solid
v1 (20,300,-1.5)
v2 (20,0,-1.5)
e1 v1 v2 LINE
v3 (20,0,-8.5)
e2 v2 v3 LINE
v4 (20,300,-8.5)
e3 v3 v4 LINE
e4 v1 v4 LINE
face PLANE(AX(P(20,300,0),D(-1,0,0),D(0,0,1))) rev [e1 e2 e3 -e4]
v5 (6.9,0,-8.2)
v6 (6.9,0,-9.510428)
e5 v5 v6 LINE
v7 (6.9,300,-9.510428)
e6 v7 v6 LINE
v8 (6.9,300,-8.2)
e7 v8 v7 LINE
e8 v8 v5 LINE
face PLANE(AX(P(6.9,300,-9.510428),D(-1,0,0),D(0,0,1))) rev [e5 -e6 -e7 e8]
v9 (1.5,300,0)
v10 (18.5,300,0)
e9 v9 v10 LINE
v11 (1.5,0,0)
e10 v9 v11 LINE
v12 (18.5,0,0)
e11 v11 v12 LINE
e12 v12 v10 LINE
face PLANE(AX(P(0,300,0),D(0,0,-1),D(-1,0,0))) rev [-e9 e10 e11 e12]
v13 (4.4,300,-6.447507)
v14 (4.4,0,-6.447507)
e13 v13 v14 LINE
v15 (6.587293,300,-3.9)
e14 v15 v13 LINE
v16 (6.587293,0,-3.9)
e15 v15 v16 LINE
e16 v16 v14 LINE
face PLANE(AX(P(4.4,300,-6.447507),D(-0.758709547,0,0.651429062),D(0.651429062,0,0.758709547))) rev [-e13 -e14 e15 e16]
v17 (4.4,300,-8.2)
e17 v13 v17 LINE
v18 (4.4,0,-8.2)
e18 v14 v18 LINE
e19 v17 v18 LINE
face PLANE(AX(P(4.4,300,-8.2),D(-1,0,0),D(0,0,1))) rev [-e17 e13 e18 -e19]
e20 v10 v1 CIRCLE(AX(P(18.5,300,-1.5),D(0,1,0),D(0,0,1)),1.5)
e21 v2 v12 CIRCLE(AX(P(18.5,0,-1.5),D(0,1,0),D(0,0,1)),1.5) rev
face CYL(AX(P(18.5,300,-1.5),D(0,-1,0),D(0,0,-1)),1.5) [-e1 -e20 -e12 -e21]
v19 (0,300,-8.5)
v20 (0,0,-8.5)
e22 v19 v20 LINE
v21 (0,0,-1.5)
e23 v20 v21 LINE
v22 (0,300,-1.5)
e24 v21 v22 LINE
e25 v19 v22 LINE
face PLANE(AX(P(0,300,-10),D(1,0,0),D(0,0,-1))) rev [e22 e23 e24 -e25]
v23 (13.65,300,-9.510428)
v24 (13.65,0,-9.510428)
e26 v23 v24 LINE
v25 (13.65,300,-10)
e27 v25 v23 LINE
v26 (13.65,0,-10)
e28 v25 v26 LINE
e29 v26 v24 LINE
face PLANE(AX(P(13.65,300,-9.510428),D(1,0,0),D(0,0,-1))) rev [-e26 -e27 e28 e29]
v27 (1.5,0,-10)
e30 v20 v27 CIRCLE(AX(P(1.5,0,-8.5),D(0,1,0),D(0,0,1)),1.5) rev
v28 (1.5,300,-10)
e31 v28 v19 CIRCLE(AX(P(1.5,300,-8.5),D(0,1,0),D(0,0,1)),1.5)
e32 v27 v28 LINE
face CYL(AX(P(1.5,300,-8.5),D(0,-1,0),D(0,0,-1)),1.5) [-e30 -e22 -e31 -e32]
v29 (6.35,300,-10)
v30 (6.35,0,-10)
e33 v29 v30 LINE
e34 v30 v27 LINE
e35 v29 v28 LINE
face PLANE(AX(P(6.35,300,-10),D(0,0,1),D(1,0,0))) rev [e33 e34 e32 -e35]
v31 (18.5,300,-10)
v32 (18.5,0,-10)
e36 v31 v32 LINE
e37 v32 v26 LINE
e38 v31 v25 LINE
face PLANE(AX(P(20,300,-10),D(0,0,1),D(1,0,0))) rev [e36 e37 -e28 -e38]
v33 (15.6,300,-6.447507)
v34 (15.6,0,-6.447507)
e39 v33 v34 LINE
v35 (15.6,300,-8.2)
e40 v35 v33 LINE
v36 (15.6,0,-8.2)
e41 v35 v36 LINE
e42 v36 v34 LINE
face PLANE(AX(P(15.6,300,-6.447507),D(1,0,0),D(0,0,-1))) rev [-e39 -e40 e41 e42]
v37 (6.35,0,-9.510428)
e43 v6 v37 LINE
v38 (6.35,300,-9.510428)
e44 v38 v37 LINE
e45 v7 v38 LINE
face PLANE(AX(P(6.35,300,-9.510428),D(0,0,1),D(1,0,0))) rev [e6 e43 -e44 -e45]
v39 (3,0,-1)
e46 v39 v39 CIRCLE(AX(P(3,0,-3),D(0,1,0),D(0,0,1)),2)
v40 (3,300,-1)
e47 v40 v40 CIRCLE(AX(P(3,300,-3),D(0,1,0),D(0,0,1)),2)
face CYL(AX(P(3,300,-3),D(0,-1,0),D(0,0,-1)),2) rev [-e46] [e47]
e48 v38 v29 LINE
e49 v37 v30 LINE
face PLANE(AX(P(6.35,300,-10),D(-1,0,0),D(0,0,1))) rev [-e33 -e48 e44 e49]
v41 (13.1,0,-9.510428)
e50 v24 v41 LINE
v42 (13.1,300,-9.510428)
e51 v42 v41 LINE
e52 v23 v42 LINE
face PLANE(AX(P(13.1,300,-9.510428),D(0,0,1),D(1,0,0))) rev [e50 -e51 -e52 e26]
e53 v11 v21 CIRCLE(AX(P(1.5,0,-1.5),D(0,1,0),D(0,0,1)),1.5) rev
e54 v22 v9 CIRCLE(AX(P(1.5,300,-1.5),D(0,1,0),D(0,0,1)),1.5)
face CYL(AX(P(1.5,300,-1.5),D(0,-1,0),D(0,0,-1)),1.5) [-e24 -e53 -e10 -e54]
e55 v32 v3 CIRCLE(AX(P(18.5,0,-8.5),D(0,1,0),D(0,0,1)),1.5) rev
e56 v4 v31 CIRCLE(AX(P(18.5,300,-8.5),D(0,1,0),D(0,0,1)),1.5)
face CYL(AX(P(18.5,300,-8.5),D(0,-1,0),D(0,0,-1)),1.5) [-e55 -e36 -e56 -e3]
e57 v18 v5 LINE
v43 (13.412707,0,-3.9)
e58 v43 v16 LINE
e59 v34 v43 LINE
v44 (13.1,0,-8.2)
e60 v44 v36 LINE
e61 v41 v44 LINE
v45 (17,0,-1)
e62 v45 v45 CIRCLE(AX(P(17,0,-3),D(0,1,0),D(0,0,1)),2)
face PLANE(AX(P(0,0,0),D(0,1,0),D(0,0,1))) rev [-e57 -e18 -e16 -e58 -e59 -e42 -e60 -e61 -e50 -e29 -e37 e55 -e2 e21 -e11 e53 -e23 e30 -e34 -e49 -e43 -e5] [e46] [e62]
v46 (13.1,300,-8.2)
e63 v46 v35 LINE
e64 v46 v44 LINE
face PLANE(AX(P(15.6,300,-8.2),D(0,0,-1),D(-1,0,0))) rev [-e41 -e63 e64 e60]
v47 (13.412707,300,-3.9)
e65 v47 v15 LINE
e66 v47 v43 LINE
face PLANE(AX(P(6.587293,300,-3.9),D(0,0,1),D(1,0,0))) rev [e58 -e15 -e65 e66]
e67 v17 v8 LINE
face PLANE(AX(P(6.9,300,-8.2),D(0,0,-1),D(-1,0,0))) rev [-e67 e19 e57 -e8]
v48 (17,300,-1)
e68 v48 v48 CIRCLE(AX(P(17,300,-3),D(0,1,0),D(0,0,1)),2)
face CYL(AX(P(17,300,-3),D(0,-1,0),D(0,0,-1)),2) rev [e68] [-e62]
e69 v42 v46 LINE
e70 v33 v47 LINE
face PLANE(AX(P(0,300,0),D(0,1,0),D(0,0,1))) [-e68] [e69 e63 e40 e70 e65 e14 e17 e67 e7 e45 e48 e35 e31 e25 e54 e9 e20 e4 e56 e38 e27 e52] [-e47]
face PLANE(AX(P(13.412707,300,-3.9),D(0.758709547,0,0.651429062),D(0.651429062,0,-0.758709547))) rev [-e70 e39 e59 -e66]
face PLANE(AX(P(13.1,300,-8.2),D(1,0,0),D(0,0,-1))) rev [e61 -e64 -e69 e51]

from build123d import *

# Parameters (mm, degrees)
SKETCH_1_R      = 2
EXTRUDE_1_DEPTH = 300
FILLET_1_R      = 1.5


with BuildPart() as part:
    # 草图1 → 凸台-拉伸1 (new body)
    with BuildSketch(Plane(origin=(0, 0, 0), x_dir=(1, 0, 0), z_dir=(0, 1, 0))):
        Polygon((0, 0), (20, 0), (20, 10), (13.65, 10), (13.65, 9.510427602), (13.1, 9.510427602), (13.1, 8.2), (15.6, 8.2), (15.6, 6.447507136), (13.412706863, 3.9), (6.587293137, 3.9), (4.4, 6.447507136), (4.4, 8.2), (6.9, 8.2), (6.9, 9.510427602), (6.35, 9.510427602), (6.35, 10), (0, 10), align=None)
        with Locations(Location((3, 3, 0), (0, 0, 270))):
            Circle(SKETCH_1_R, mode=Mode.SUBTRACT)
        with Locations(Location((17, 3, 0), (0, 0, 270))):
            Circle(SKETCH_1_R, mode=Mode.SUBTRACT)
    extrude(amount=EXTRUDE_1_DEPTH)

    # 圆角1
    fillet_1_edges = [part.edges().sort_by_distance(p)[0] for p in [
        (0, 150, -10),
        (20, 150, -10),
        (20, 150, 0),
        (0, 150, 0),
    ]]
    fillet(fillet_1_edges, radius=FILLET_1_R)


solid = part.part
